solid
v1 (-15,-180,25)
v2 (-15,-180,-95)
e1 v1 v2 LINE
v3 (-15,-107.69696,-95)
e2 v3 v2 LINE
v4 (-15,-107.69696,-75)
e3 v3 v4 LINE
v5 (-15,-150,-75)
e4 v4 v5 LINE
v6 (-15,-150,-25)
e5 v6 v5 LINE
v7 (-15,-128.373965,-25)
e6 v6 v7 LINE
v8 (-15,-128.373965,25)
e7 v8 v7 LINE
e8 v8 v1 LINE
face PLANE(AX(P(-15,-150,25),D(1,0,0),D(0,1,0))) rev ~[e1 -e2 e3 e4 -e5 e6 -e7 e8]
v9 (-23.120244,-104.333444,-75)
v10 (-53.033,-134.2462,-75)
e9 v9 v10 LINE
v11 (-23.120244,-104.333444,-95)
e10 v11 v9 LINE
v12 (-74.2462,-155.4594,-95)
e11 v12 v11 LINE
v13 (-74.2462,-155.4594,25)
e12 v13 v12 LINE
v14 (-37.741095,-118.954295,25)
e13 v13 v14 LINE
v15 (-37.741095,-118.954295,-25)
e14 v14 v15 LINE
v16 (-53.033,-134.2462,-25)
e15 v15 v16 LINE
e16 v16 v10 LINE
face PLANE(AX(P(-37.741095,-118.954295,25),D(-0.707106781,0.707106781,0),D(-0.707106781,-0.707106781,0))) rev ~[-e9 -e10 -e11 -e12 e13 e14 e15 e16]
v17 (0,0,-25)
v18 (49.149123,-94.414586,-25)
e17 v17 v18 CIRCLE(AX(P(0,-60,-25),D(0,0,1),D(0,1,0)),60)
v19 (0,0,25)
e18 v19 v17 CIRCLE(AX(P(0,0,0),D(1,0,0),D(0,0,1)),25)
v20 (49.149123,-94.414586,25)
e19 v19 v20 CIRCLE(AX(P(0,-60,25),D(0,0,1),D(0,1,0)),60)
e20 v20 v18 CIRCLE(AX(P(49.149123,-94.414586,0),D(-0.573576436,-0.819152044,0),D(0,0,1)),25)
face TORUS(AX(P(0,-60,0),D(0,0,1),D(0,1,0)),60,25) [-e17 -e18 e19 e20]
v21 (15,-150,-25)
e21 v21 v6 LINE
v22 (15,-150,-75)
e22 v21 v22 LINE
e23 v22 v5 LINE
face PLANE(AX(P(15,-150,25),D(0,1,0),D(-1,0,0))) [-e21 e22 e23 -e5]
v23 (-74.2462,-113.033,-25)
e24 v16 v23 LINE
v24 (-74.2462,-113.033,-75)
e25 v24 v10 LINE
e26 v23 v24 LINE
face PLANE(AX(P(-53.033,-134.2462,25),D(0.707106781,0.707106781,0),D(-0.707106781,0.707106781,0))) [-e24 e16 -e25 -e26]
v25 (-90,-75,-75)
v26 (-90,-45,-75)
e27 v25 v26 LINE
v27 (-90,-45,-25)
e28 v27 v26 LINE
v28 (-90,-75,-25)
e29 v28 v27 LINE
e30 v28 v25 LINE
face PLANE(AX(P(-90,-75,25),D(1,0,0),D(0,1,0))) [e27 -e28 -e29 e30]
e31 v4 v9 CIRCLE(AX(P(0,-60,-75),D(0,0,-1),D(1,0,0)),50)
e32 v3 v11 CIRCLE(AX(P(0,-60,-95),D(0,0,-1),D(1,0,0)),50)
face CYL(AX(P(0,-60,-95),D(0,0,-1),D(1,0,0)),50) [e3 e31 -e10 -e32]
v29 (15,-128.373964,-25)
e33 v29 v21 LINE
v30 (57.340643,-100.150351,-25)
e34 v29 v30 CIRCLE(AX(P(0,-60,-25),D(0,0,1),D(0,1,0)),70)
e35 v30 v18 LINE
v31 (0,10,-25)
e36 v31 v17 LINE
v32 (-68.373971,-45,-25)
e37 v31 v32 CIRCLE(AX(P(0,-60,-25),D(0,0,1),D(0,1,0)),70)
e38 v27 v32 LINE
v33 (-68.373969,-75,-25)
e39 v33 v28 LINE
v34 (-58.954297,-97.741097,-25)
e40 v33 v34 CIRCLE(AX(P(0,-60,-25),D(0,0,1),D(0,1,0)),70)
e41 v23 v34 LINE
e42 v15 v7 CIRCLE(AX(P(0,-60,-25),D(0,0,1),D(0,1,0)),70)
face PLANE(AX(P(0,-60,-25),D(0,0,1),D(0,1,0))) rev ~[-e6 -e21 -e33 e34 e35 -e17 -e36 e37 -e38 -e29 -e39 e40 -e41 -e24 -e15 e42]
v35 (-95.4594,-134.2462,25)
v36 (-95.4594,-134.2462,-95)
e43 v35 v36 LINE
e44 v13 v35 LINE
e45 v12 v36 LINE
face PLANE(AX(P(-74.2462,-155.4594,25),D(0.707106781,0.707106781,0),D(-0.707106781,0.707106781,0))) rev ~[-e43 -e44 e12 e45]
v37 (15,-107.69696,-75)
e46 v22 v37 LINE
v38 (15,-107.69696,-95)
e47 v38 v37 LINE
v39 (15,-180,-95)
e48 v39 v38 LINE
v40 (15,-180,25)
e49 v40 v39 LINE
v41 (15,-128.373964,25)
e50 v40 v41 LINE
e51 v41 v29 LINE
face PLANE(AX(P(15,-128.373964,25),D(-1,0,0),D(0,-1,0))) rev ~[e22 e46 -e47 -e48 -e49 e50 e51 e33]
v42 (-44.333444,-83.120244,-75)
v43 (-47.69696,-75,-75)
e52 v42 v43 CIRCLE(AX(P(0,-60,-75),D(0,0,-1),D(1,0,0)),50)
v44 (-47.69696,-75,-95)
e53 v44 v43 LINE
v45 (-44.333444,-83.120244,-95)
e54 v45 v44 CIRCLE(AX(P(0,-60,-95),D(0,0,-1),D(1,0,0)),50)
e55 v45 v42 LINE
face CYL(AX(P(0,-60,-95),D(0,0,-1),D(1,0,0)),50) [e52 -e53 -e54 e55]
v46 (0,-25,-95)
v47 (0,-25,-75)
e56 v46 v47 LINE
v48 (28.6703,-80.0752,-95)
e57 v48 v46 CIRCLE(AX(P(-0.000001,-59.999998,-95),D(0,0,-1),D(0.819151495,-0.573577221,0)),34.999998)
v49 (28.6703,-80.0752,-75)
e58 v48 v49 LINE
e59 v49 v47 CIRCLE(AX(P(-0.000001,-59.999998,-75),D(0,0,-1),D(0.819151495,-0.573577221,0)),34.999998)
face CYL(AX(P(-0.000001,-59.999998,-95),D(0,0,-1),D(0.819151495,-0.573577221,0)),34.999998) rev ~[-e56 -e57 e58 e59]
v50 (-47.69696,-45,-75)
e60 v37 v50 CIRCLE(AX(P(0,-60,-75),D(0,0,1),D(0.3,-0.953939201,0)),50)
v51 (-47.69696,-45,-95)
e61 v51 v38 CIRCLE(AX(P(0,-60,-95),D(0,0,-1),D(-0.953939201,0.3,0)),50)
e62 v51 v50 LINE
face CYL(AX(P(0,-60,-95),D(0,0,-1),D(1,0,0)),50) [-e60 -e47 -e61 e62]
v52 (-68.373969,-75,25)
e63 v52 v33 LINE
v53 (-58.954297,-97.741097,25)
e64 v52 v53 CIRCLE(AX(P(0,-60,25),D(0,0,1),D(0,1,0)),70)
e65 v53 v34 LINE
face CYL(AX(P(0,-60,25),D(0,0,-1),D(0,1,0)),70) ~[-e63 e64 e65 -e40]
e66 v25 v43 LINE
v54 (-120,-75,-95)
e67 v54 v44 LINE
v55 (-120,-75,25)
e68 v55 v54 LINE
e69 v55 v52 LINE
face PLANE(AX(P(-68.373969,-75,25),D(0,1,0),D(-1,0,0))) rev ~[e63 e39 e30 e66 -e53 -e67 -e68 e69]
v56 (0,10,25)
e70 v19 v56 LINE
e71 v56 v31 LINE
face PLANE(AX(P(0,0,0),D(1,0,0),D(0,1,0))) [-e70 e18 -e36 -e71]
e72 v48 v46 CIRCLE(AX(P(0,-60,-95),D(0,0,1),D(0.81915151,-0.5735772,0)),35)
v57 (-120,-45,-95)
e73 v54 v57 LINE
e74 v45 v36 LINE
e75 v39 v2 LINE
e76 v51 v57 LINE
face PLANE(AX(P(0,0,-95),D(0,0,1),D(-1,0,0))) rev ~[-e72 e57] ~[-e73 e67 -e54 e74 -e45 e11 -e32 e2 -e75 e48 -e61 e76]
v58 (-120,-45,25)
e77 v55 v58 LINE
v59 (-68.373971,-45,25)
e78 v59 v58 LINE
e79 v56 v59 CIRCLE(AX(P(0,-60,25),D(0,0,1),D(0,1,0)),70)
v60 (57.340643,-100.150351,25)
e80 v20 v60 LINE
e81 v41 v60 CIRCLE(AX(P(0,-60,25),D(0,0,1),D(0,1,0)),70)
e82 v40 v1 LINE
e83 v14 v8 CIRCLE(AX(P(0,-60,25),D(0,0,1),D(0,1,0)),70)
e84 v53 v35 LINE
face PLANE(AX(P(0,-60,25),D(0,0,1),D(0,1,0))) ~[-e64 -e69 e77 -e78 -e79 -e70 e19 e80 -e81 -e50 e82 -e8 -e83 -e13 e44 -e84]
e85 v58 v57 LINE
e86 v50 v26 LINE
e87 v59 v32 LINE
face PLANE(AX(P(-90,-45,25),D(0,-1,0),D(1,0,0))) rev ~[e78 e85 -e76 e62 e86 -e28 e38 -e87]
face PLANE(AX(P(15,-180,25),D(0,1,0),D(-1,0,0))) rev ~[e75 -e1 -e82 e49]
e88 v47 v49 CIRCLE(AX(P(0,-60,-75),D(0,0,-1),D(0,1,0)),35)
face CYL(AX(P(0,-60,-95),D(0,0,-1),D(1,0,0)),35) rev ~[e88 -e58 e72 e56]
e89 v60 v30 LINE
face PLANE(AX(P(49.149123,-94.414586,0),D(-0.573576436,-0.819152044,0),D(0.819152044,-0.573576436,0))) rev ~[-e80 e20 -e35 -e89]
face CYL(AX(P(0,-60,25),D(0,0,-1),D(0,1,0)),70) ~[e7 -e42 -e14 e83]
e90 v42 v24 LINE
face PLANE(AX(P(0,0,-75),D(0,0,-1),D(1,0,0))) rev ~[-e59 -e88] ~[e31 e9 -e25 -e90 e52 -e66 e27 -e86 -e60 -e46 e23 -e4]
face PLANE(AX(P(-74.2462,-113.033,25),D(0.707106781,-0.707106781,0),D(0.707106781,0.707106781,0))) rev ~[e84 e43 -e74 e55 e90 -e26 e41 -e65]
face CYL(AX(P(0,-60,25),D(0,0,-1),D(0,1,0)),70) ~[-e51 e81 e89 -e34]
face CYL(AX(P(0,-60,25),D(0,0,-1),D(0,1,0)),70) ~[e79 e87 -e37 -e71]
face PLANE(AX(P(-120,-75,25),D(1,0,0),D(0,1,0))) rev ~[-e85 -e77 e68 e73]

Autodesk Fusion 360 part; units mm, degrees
sketch "Sketch1" plane through (0, 0, 0) normal (1, 0, 0) x (0, 1, 0)
  line L0 (0, 25) -> (10, 25)
  line L1 (10, 25) -> (10, -25)
  line L2 (10, -25) -> (0, -25)
  arc A0 (0, 25) -> (0, -25) centre (0, 0) ccw
  line L3 (-60, 25) -> (-60, -25)
  dimension "d1" = 50
  dimension "d2" = 10
  dimension "d3" = 50
  dimension "d4" = 60
revolve "Revolve1" add sketch "Sketch1" angle 235 about axis through (0, -60, 25) along (0, 0, 1) makes body 1
sketch "Sketch2" plane through (0, 0, 25) normal (0, 0, 1) x (-1, 0, 0)
  line L0 (0, 0) -> (0, -10)
  arc A0 (0, -10) -> (-57.3406, 100.1504) centre (0, 60) ccw
  line L1 (-57.3406, 100.1504) -> (-49.1491, 94.4146)
  arc A1 (0, 0) -> (-49.1491, 94.4146) centre (0, 60) ccw
  line L2 (62.0908, 75) -> (120, 75)
  line L3 (120, 75) -> (120, 45)
  line L4 (120, 45) -> (62.0908, 45)
  line L5 (62.0908, 45) -> (62.0908, 75)
  line L6 (120, 75) -> (90, 75)
  line L7 (90, 75) -> (90, 45)
  line L8 (90, 45) -> (120, 45)
  line L9 (120, 45) -> (120, 75)
  line L10 (74.2462, 155.4594) -> (95.4594, 134.2462)
  line L11 (54.5114, 93.2982) -> (33.2982, 114.5114)
  line L12 (33.2982, 114.5114) -> (74.2462, 155.4594)
  line L13 (95.4594, 134.2462) -> (54.5114, 93.2982)
  line L14 (53.033, 134.2462) -> (74.2462, 113.033)
  line L15 (-15, 180) -> (15, 180)
  line L16 (15, 122.0908) -> (-15, 122.0908)
  line L17 (-15, 122.0908) -> (-15, 180)
  line L18 (15, 180) -> (15, 122.0908)
  line L19 (-15, 150) -> (15, 150)
  dimension "d6" = 30
  dimension "d7" = 120
  dimension "d8" = 15
  dimension "d9" = 30
  dimension "d10" = 30
  dimension "d12" = 90
extrude "Extrude1" add sketch "Sketch2" against normal blind 120 separate body contours L2 L3 L4 L6 L7 L8 L9 | L15 L17 L18 L19 | L10 L12 L13 L14 makes body 2 at (5, -150, -15) makes body 3 at (-60.1041, -127.1751, -15) makes body 4 at (-90, -65, -15)
extrude "Extrude2" add sketch "Sketch2" against normal blind 50 contours A0 L2 L4 L7 | A0 L17 L18 L19 | A0 L12 L13 L14 bodies 1 2 3 4
sketch "Sketch3" plane through (0, 0, -95) normal (0, 0, -1) x (1, 0, 0)
  line L0 (-53.033, 134.2462) -> (-74.2462, 155.4594)
  line L1 (-74.2462, 155.4594) -> (-95.4594, 134.2462)
  line L2 (-95.4594, 134.2462) -> (-74.2462, 113.033)
  line L3 (-74.2462, 113.033) -> (-53.033, 134.2462)
  line L4 (-15, 180) -> (-15, 128.374)
  line L5 (15, 180) -> (-15, 180)
  line L6 (15, 128.374) -> (15, 180)
  arc A0 (-15, 128.374) -> (-37.7411, 118.9543) centre (0, 60) ccw
  line L7 (-95.4594, 134.2462) -> (-58.9543, 97.7411)
  line L8 (-74.2462, 155.4594) -> (-95.4594, 134.2462)
  line L9 (-37.7411, 118.9543) -> (-74.2462, 155.4594)
  arc A1 (-58.9543, 97.7411) -> (-68.374, 75) centre (0, 60) ccw
  line L10 (-120, 75) -> (-68.374, 75)
  line L11 (-68.374, 45) -> (-120, 45)
  line L12 (-120, 45) -> (-120, 75)
  arc A2 (-68.374, 45) -> (0, -10) centre (0, 60) ccw
  line L13 (0, 0) -> (0, 25)
  line L14 (28.6703, 80.0752) -> (49.1491, 94.4146)
  arc A3 (57.3406, 100.1504) -> (15, 128.374) centre (0, 60) ccw
  line L15 (0, 0) -> (0, -10)
  line L16 (49.1491, 94.4146) -> (57.3406, 100.1504)
  arc A4 (28.6703, 80.0752) -> (0, 25) centre (0, 60) ccw
  circle A5 centre (0, 60) radius 35
  circle A6 centre (0, 60) radius 50
  line L17 (-15, 128.374) -> (15, 128.374)
  line L18 (15, 128.374) -> (15, 100.874)
  line L19 (15, 100.874) -> (-15, 100.874)
  line L20 (-15, 100.874) -> (-15, 128.374)
  line L21 (-39.5089, 78.2957) -> (-58.9543, 97.7411)
  line L22 (-58.9543, 97.7411) -> (-37.7411, 118.9543)
  line L23 (-18.2957, 99.5089) -> (-39.5089, 78.2957)
  line L24 (-37.7411, 118.9543) -> (-18.2957, 99.5089)
  line L25 (-40.874, 45) -> (-68.374, 45)
  line L26 (-68.374, 45) -> (-68.374, 75)
  line L27 (-40.874, 75) -> (-40.874, 45)
  line L28 (-68.374, 75) -> (-40.874, 75)
  dimension "d17" = 70
  dimension "d18" = 100
  dimension "d19" = 30
  dimension "d20" = 27.5
  dimension "d22" = 90
extrude "Extrude3" add sketch "Sketch3" against normal blind 20 contours L3 L7 L9 L22 | A6 L21 L22 L24 | L4 L5 L6 L17 | A6 L17 L18 L20 | A6 L21 L23 L24 | L13 L14 A4 A5 A6 L18 L19 L20 L21 L23 L24 L25 L27 L28 | L10 L11 L12 L26 | A6 L25 L26 L28 | A6 L18 L19 L20 | A6 L25 L27 L28 | L13 L14 A5 A6 bodies 1
